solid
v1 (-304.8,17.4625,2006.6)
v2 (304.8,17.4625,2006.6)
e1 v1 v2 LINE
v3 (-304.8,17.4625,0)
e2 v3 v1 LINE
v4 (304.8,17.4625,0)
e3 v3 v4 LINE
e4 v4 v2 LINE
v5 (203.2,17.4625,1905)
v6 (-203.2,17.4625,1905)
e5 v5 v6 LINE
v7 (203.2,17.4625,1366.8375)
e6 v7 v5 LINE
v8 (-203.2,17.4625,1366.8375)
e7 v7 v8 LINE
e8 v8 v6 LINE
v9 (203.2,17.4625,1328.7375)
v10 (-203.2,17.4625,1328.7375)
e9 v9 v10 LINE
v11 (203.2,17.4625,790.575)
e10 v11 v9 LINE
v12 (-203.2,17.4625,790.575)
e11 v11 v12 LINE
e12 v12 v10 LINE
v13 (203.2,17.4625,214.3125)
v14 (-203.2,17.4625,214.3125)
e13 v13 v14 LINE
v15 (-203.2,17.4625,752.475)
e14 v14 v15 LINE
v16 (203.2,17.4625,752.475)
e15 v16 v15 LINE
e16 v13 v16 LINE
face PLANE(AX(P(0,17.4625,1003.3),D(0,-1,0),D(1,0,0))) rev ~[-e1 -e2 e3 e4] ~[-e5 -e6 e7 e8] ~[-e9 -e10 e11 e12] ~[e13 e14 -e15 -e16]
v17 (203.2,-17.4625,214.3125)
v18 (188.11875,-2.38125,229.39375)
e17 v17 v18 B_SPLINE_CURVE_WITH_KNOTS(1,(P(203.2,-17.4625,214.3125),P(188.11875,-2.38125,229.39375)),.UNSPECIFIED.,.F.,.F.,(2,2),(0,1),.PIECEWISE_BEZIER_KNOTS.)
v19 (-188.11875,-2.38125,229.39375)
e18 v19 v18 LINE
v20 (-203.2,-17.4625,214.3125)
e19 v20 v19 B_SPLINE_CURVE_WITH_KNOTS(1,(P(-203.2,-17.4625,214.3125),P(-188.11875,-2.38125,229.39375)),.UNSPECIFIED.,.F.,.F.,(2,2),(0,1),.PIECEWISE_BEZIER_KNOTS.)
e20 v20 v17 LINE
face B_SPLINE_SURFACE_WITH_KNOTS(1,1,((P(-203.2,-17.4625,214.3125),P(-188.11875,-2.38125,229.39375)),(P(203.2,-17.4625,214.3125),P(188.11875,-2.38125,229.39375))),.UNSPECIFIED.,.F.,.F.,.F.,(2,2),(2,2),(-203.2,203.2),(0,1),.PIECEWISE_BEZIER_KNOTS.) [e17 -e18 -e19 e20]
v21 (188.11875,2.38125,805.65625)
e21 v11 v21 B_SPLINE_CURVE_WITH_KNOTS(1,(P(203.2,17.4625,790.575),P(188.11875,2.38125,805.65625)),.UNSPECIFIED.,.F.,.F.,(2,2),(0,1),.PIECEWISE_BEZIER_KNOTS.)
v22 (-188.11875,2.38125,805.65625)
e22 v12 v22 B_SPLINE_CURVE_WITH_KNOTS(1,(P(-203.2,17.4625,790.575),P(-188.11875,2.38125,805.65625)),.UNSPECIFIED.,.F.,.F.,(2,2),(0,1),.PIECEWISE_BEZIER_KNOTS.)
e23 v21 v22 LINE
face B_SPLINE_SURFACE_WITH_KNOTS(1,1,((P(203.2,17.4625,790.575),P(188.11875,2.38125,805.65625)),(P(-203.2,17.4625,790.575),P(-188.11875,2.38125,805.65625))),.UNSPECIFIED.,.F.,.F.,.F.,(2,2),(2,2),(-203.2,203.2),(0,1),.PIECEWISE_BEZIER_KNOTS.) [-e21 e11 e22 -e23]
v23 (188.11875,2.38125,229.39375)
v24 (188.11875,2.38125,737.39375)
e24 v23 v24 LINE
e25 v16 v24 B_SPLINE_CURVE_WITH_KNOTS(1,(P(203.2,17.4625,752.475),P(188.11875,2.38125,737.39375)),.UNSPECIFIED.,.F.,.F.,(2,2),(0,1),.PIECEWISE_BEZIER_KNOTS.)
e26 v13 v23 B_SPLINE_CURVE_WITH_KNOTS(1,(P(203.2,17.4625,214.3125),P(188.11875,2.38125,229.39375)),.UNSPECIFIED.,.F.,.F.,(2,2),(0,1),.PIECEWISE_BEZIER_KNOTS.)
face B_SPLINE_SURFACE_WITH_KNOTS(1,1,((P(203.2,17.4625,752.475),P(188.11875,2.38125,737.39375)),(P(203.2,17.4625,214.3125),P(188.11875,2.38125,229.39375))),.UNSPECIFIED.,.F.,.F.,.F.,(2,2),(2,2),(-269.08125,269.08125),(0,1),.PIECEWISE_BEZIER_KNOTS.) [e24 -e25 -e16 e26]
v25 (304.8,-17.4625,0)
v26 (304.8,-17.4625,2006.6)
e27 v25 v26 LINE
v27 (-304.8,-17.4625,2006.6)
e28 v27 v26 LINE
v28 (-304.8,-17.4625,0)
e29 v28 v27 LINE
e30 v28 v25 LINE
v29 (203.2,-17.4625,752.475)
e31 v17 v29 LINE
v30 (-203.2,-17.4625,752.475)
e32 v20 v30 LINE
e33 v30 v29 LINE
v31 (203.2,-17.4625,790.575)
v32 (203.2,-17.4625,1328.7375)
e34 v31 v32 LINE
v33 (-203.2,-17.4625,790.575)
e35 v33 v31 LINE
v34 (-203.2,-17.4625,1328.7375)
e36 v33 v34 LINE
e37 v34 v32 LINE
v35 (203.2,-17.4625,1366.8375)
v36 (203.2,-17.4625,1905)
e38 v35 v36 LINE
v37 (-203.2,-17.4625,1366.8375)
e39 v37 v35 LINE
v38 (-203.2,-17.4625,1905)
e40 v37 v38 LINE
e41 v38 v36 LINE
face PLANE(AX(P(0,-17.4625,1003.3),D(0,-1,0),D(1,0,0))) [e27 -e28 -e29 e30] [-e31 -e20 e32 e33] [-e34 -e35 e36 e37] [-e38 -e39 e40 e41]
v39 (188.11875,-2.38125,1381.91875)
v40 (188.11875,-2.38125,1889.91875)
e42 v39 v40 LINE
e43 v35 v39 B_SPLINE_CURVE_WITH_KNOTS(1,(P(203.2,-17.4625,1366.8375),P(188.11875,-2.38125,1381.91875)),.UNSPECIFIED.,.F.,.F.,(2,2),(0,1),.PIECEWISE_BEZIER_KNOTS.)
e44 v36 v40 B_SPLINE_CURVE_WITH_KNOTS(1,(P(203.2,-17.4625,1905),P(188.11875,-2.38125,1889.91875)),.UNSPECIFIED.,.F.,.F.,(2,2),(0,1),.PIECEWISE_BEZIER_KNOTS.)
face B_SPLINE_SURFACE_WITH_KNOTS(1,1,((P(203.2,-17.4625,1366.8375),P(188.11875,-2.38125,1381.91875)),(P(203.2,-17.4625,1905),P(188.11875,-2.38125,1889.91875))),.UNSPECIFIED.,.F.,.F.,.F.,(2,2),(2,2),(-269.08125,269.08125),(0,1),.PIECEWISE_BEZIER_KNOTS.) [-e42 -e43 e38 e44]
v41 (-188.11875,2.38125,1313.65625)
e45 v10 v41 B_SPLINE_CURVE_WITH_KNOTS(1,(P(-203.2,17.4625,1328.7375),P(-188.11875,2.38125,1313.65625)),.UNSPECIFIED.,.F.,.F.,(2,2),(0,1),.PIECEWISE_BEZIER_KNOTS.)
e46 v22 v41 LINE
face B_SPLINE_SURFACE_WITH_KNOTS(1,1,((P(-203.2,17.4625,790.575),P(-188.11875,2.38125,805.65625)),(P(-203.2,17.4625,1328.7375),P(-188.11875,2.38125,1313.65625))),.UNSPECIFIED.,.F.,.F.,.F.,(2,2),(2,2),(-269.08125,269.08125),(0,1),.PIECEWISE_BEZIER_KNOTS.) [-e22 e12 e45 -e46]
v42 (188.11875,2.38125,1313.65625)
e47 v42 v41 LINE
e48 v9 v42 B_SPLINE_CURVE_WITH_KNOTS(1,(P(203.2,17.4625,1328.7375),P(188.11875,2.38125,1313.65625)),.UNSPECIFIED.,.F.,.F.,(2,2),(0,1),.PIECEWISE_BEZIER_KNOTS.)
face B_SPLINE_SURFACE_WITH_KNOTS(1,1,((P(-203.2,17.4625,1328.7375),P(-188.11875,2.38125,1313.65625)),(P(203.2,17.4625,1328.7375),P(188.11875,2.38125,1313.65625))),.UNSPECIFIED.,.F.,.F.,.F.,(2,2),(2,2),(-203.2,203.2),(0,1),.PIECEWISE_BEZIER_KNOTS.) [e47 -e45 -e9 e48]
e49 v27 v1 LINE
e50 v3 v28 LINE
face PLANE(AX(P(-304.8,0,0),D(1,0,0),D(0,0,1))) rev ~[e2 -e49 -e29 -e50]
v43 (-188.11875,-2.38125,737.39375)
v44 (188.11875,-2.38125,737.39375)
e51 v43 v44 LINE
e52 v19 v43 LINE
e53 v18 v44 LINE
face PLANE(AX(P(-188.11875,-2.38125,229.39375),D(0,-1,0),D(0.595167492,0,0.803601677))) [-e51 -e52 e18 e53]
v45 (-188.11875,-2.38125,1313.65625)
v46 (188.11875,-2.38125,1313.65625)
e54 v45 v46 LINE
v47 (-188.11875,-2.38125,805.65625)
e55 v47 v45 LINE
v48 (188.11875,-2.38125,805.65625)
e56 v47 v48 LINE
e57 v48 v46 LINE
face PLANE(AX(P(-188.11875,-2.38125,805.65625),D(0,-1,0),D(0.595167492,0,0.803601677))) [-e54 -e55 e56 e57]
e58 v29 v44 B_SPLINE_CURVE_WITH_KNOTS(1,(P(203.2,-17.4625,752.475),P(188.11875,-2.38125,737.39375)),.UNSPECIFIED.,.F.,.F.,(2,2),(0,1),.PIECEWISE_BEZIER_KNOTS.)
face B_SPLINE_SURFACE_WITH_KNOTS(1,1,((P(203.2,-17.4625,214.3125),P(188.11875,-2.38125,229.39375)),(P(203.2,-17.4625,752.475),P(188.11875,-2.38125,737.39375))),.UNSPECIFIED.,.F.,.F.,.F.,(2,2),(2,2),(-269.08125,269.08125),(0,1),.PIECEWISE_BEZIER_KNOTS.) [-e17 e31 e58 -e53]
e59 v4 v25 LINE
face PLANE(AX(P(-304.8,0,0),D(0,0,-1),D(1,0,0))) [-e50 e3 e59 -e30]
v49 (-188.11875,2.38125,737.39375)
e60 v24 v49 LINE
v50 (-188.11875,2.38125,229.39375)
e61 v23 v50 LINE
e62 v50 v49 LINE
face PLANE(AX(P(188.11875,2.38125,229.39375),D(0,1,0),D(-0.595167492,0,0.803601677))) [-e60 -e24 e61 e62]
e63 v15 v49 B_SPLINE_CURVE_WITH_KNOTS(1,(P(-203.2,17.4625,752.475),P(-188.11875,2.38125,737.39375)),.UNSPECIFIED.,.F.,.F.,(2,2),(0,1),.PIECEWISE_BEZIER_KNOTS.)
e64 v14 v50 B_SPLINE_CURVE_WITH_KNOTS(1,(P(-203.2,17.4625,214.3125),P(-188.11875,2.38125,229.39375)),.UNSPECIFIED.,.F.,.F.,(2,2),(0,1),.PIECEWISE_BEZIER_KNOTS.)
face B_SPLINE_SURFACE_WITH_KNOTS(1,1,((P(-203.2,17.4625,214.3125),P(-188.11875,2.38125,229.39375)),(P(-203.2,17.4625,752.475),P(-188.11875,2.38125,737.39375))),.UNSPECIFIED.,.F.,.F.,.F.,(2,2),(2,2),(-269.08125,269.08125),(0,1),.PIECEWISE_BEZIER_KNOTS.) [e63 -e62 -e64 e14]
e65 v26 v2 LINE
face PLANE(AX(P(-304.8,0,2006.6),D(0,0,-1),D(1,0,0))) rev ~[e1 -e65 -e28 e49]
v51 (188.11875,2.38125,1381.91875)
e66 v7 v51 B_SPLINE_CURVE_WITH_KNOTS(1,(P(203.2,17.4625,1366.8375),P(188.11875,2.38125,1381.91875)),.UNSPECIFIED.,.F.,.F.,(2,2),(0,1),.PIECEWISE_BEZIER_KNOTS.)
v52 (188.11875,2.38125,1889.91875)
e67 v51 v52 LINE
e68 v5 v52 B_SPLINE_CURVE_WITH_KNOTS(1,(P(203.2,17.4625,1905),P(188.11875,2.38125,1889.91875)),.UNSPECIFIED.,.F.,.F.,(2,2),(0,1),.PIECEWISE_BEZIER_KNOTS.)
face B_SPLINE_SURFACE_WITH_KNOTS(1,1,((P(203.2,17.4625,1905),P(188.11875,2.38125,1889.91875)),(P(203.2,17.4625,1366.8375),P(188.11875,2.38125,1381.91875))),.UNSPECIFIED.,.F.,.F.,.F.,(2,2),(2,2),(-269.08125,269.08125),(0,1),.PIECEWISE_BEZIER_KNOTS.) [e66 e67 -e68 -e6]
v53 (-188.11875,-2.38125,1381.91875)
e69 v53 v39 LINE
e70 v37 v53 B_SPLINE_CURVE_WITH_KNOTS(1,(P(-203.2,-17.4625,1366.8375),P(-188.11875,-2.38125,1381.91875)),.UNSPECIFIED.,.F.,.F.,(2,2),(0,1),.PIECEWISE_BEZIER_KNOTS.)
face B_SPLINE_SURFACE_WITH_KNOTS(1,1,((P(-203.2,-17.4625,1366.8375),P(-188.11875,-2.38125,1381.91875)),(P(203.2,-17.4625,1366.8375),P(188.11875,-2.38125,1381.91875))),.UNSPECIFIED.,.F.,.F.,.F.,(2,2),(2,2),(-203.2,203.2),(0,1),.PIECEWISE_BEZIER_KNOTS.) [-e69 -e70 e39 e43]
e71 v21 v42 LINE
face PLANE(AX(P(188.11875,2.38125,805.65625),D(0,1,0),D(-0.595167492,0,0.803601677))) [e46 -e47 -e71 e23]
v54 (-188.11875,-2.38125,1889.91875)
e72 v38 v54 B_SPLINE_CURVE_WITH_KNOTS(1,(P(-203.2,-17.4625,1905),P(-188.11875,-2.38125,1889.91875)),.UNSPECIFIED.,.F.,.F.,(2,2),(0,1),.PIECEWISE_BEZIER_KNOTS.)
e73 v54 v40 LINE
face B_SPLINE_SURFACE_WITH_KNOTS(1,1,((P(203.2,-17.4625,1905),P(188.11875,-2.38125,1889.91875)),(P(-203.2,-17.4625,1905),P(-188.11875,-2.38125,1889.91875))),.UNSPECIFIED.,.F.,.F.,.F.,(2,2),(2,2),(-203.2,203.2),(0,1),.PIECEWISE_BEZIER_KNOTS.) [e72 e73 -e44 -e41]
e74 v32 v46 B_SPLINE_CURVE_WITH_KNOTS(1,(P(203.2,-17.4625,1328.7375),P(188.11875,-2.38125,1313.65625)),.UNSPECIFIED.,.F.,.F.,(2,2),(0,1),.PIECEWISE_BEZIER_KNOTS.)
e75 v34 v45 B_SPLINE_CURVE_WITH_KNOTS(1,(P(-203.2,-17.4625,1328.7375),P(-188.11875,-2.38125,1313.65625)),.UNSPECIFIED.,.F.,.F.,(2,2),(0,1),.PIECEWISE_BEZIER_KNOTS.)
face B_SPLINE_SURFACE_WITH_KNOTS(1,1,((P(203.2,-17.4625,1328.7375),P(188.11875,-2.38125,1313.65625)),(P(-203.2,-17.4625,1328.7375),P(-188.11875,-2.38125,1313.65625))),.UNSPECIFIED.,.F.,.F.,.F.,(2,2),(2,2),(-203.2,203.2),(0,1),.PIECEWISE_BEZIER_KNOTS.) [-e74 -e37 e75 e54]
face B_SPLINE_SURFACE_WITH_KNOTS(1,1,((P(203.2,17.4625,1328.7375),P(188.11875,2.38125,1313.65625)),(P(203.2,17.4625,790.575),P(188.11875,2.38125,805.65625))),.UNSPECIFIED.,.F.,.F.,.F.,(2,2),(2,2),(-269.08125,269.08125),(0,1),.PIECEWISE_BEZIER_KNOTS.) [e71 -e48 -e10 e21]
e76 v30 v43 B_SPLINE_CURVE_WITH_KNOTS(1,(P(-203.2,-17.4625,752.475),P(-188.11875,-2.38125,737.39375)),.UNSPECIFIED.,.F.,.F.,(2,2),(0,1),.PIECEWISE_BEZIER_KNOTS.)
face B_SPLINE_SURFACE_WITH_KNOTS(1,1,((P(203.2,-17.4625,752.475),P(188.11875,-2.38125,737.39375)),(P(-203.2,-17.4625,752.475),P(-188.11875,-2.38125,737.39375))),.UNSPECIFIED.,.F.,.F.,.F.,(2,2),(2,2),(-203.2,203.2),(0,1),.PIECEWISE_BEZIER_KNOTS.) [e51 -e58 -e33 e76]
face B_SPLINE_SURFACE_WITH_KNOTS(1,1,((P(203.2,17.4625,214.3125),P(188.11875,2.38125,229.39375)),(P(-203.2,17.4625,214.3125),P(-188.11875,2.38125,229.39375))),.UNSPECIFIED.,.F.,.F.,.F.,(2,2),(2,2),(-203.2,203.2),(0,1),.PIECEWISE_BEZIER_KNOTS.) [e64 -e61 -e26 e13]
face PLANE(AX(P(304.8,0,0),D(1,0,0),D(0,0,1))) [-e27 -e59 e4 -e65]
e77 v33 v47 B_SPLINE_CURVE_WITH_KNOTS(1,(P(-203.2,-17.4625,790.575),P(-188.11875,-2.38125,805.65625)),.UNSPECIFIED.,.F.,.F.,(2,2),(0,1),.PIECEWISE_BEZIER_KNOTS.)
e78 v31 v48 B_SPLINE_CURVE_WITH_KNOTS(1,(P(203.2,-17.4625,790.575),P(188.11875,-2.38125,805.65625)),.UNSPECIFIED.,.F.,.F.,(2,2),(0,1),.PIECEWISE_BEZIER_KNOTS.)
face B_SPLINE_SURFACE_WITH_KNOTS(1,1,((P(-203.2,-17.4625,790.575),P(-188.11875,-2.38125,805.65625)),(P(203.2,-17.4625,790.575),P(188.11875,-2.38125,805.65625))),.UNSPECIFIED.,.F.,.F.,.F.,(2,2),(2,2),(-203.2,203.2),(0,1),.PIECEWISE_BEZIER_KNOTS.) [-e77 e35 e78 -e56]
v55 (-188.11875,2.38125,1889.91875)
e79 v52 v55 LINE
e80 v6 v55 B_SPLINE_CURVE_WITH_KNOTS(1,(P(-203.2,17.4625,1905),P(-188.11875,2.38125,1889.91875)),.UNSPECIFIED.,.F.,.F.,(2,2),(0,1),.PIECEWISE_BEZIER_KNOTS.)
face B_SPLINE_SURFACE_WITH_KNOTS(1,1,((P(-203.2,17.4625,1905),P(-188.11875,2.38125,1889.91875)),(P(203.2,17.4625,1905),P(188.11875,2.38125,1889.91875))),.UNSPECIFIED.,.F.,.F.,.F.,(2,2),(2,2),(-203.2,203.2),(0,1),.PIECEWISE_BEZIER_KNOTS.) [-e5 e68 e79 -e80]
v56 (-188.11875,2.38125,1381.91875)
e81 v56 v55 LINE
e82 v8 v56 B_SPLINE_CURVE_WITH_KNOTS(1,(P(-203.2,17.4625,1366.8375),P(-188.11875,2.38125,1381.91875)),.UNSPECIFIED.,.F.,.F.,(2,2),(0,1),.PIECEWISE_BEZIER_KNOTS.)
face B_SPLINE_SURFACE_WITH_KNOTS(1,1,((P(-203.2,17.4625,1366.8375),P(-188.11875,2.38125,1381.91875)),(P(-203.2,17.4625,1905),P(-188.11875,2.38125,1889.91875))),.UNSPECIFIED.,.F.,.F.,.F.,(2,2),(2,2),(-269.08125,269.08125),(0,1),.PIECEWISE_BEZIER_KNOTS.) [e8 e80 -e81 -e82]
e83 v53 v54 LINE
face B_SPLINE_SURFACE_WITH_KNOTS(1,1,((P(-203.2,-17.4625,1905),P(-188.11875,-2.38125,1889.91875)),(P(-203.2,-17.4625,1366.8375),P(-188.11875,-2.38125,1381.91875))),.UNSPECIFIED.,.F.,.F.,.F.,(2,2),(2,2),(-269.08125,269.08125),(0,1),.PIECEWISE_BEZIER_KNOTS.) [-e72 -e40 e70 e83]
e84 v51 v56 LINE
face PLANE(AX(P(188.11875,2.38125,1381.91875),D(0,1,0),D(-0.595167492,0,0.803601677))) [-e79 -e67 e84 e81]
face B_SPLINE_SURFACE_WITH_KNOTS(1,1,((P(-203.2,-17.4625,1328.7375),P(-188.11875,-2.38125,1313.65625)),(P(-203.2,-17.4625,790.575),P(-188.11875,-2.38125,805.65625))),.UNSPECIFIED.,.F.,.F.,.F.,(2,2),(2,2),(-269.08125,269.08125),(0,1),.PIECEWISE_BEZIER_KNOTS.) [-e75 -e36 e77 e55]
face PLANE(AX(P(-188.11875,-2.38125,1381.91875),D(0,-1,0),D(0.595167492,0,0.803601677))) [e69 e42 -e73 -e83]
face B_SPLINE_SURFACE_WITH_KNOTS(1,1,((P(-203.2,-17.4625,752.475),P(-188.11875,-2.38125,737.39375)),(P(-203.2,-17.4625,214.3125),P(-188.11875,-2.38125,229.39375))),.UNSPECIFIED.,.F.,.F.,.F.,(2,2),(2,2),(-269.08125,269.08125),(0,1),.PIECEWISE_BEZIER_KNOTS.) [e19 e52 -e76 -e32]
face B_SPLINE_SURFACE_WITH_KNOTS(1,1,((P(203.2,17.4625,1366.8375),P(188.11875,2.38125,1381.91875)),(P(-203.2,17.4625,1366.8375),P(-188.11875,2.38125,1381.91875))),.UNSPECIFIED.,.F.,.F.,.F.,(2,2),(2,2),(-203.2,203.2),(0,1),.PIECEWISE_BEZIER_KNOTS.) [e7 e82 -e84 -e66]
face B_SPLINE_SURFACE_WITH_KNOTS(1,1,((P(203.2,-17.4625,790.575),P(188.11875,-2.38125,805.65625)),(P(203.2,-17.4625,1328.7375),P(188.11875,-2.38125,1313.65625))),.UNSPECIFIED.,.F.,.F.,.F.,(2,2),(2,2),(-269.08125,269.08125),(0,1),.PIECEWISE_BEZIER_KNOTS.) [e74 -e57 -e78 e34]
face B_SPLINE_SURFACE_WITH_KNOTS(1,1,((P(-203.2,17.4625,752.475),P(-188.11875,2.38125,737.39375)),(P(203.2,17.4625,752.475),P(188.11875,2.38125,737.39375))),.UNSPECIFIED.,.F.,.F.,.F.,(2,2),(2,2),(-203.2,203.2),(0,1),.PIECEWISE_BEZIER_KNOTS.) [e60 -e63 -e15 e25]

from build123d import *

# Parameters (mm, degrees)
F0_W     = 609.6
F0_H     = 2006.6
F0_W_2   = 406.4
F0_H_2   = 538.1625
F1_DEPTH = 17.4625
F2_W     = 406.4
F2_H     = 538.1625
F3_DEPTH = 15.08125
F3_TAPER = 45
F4_W     = 406.4
F4_H     = 538.1625
F5_DEPTH = 15.08125
F5_TAPER = 45


with BuildPart() as f1:
    # F0 (on Front) → F1 (new body, symmetric)
    with BuildSketch(Plane.XZ):
        with Locations((0, 1003.3)):
            Rectangle(F0_W, F0_H)
        with Locations((0, 483.39375)):
            Rectangle(F0_W_2, F0_H_2, mode=Mode.SUBTRACT)
        with Locations((0, 1059.65625)):
            Rectangle(F0_W_2, F0_H_2, mode=Mode.SUBTRACT)
        with Locations((0, 1635.91875)):
            Rectangle(F0_W_2, F0_H_2, mode=Mode.SUBTRACT)
        with Locations((0, 483.39375)):
            Rectangle(F0_W_2, F0_H_2)
        with Locations((0, 1059.65625)):
            Rectangle(F0_W_2, F0_H_2)
        with Locations((0, 1635.91875)):
            Rectangle(F0_W_2, F0_H_2)
    extrude(amount=F1_DEPTH, both=True)

    # F2 (on face) → F3 (cut)
    with BuildSketch(Plane(origin=(0, 17.4625, 0), x_dir=(-1, 0, 0), z_dir=(0, 1, 0))):
        with Locations((0, 1635.91875)):
            Rectangle(F2_W, F2_H)
        with Locations((0, 1059.65625)):
            Rectangle(F2_W, F2_H)
        with Locations((0, 483.39375)):
            Rectangle(F2_W, F2_H)
    extrude(amount=-F3_DEPTH, taper=F3_TAPER, mode=Mode.SUBTRACT)

    # F4 (on face) → F5 (cut)
    with BuildSketch(Plane.XZ.offset(17.4625)):
        with Locations((0, 1635.91875)):
            Rectangle(F4_W, F4_H)
        with Locations((0, 1059.65625)):
            Rectangle(F4_W, F4_H)
        with Locations((0, 483.39375)):
            Rectangle(F4_W, F4_H)
    extrude(amount=-F5_DEPTH, taper=F5_TAPER, mode=Mode.SUBTRACT)


solid = f1.part
